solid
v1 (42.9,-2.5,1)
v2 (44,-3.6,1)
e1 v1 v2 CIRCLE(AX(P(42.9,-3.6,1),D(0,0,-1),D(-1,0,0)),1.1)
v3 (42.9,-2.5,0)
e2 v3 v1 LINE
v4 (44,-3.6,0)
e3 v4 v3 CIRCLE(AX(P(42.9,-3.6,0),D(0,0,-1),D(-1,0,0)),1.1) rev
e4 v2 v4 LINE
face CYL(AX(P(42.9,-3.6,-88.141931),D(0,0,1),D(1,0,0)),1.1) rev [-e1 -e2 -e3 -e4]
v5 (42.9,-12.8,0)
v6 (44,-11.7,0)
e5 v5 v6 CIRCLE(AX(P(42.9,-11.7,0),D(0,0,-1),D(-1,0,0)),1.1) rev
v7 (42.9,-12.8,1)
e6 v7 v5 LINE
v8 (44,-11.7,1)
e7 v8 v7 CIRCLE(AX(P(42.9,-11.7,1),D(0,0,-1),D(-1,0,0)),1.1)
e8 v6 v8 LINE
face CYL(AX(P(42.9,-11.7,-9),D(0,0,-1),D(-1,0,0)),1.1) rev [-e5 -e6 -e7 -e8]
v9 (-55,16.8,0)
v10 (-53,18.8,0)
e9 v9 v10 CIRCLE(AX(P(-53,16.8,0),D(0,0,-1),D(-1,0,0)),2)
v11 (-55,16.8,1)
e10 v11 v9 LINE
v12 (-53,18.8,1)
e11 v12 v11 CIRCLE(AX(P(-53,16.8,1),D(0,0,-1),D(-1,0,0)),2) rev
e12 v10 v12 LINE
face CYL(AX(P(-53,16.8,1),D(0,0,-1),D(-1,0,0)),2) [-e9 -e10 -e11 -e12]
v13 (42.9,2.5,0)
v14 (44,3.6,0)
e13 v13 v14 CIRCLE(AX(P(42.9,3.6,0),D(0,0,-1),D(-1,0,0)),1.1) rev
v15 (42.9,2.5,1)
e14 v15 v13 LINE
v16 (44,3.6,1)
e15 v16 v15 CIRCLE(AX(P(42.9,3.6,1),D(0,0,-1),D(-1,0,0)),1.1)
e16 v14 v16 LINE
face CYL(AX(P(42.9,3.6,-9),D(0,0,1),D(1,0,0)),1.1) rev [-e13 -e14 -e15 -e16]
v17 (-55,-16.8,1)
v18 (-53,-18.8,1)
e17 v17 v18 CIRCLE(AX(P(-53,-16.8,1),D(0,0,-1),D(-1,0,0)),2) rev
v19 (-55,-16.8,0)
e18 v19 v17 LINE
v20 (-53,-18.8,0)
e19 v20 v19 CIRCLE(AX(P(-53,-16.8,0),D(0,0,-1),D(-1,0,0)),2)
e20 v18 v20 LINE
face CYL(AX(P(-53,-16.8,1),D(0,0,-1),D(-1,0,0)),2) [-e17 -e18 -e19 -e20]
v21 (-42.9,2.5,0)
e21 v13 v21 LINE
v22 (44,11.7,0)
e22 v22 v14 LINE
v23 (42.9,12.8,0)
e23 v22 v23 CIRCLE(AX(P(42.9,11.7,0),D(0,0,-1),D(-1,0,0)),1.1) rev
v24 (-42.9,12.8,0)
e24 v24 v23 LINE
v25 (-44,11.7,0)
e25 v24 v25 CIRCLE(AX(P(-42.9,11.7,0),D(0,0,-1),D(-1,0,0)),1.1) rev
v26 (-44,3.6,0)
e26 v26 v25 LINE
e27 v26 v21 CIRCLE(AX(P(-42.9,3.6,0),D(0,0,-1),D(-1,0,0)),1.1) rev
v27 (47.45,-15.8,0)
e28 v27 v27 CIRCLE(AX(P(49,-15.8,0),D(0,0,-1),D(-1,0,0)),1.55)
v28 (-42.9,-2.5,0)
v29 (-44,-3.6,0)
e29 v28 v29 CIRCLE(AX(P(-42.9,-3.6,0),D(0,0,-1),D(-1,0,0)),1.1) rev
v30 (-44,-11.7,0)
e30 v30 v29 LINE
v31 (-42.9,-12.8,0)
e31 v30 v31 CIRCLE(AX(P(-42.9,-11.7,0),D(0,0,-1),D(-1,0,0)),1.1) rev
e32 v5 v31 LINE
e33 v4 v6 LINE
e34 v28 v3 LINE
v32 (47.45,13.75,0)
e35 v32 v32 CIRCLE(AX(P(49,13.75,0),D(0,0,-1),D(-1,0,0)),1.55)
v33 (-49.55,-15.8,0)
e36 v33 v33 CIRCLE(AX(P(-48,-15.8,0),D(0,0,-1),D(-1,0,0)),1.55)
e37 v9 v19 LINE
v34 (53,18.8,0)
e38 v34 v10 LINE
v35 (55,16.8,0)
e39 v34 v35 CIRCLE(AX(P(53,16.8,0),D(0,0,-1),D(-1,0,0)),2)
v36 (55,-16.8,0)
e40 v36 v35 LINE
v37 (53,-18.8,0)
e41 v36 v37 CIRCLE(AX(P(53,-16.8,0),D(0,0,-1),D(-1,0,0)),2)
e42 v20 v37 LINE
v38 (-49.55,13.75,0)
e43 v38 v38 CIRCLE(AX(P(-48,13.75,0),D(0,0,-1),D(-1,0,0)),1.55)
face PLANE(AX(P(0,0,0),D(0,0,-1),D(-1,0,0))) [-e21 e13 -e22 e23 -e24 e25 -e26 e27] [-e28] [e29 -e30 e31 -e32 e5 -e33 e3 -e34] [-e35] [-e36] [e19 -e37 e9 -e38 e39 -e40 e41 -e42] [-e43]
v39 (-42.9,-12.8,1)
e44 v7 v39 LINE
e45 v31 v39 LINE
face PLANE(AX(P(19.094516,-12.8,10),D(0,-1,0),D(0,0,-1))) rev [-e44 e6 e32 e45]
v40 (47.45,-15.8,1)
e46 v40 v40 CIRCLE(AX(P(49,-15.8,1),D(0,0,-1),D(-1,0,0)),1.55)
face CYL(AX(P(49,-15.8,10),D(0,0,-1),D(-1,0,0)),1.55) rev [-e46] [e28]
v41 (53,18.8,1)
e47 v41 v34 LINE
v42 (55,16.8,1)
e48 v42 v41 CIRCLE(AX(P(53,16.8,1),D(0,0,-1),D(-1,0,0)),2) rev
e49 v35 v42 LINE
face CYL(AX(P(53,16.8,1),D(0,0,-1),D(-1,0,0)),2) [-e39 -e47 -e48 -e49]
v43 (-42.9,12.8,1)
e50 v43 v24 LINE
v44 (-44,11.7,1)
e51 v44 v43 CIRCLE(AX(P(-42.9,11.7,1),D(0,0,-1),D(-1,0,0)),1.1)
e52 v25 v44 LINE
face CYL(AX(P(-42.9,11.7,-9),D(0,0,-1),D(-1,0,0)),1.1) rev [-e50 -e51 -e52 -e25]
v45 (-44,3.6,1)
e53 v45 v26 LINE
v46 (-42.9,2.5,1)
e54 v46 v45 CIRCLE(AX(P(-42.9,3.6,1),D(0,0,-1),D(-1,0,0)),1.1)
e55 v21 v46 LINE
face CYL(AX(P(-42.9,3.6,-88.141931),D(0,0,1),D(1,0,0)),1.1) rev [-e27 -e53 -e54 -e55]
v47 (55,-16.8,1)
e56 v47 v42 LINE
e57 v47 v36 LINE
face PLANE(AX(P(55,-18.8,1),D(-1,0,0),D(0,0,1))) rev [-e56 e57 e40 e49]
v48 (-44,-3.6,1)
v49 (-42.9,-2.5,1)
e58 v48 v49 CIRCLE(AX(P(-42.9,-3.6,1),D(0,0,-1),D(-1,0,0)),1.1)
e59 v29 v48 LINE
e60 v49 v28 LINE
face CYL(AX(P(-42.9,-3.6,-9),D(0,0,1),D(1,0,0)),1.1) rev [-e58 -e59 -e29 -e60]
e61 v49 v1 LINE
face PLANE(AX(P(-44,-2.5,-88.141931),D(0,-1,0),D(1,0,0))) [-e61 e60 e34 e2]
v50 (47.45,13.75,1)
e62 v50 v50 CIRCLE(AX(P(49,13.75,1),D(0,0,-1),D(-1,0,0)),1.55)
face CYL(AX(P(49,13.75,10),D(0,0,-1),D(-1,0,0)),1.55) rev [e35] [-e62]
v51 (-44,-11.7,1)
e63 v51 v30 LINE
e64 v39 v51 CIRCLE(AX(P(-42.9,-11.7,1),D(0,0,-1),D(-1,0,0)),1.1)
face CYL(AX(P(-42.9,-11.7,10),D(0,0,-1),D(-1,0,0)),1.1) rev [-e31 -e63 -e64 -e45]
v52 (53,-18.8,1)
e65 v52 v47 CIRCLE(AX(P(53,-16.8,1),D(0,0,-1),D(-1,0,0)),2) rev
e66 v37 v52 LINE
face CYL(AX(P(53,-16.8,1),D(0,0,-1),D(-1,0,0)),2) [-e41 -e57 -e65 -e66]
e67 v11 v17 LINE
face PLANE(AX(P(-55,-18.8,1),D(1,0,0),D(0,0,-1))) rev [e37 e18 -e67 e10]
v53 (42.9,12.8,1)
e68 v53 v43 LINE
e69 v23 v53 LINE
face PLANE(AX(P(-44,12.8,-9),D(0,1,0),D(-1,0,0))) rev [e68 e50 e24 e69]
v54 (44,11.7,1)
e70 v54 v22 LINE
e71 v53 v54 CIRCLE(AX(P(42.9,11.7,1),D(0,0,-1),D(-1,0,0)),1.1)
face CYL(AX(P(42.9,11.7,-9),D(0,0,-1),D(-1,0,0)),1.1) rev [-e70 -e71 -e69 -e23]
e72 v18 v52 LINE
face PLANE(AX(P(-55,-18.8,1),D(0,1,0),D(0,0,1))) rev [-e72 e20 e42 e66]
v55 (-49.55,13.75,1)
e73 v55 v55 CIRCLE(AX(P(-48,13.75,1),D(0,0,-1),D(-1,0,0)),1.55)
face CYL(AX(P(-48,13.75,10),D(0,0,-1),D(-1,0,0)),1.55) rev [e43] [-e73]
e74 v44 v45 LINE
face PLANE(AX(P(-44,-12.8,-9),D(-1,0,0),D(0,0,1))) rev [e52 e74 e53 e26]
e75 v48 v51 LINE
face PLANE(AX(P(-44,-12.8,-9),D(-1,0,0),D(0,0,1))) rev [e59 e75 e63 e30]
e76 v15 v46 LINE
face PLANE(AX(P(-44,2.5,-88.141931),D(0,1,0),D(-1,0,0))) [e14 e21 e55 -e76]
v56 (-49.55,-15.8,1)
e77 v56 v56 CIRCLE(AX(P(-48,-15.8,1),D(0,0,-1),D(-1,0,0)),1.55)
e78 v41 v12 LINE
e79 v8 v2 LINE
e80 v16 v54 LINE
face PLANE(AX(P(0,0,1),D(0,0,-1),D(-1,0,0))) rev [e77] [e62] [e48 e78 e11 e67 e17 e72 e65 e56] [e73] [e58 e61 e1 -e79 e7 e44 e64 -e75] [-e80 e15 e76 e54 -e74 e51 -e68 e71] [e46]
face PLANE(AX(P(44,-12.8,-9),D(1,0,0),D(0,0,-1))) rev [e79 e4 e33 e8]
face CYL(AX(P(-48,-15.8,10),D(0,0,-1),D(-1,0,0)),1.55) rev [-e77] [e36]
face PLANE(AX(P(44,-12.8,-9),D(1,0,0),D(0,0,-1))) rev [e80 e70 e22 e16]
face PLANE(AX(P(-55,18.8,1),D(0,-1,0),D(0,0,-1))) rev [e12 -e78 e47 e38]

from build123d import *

# Parameters (mm, degrees)
SKETCH_1_W          = 110
SKETCH_1_H          = 37.6
EXTRUDE_1_DEPTH     = 1
SKETCH_2_R          = 1.55
CUT_EXTRUDE_1_DEPTH = 10
FILLET_1_R          = 2
SKETCH_3_W          = 57.499999899
SKETCH_3_H          = 18
CUT_EXTRUDE_2_DEPTH = 10
SKETCH_4_W          = 2
SKETCH_4_H          = 18
EXTRUDE_2_DEPTH     = 1
FILLET_2_R          = 1.5
SKETCH_5_W          = 88
SKETCH_5_H          = 25.6
CUT_EXTRUDE_3_DEPTH = 10
SKETCH_6_W          = 88
SKETCH_6_H          = 5
EXTRUDE_3_DEPTH     = 1
FILLET_3_R          = 1.1


with BuildPart() as part:
    # 草图1 → 凸台-拉伸1 (new body)
    with BuildSketch(Plane.XY):
        Rectangle(SKETCH_1_W, SKETCH_1_H)
    extrude(amount=EXTRUDE_1_DEPTH)

    # 草图2 → 切除-拉伸1 (cut)
    with BuildSketch(Plane(origin=(0, 0, 0), x_dir=(-1, 0, 0), z_dir=(0, 0, -1))):
        with Locations((48, 13.75)):
            Circle(SKETCH_2_R)
        with Locations((48, -15.8)):
            Circle(SKETCH_2_R)
        with Locations((-49, -15.8)):
            Circle(SKETCH_2_R)
        with Locations((-49, 13.75)):
            Circle(SKETCH_2_R)
    extrude(amount=-CUT_EXTRUDE_1_DEPTH, mode=Mode.SUBTRACT)

    # 圆角1
    fillet_1_edges = [part.edges().sort_by_distance(p)[0] for p in [
        (55, -18.8, 0.5),
        (-55, -18.8, 0.5),
        (-55, 18.8, 0.5),
        (55, 18.8, 0.5),
    ]]
    fillet(fillet_1_edges, radius=FILLET_1_R)

    # 草图3 → 切除-拉伸2 (cut)
    with BuildSketch(Plane(origin=(0, 0, 0), x_dir=(-1, 0, 0), z_dir=(0, 0, -1))):
        with Locations((9.655484107, -3.8)):
            Rectangle(SKETCH_3_W, SKETCH_3_H)
    extrude(amount=-CUT_EXTRUDE_2_DEPTH, mode=Mode.SUBTRACT)

    # 草图4 → 凸台-拉伸2 (add)
    with BuildSketch(Plane(origin=(0, 0, 0), x_dir=(-1, 0, 0), z_dir=(0, 0, -1))):
        with Locations((-10.094515843, -3.8)):
            Rectangle(SKETCH_4_W, SKETCH_4_H)
        with Locations((-0.094515843, -3.8)):
            Rectangle(SKETCH_4_W, SKETCH_4_H)
        with Locations((9.905484157, -3.8)):
            Rectangle(SKETCH_4_W, SKETCH_4_H)
        with Locations((19.905484157, -3.8)):
            Rectangle(SKETCH_4_W, SKETCH_4_H)
        with Locations((29.905484157, -3.8)):
            Rectangle(SKETCH_4_W, SKETCH_4_H)
    extrude(amount=-EXTRUDE_2_DEPTH)

    # 圆角2
    fillet_2_edges = [part.edges().sort_by_distance(p)[0] for p in [
        (-8.905484157, -12.8, 0.5),
        (-8.905484157, 5.2, 0.5),
        (-10.905484157, 5.2, 0.5),
        (-10.905484157, -12.8, 0.5),
        (-18.905484157, -12.8, 0.5),
        (-18.905484157, 5.2, 0.5),
        (-20.905484157, 5.2, 0.5),
        (-20.905484157, -12.8, 0.5),
        (-28.905484157, -12.8, 0.5),
        (-28.905484157, 5.2, 0.5),
        (-30.905484157, 5.2, 0.5),
        (-30.905484157, -12.8, 0.5),
        (-38.405484056, 5.2, 0.5),
        (-38.405484056, -12.8, 0.5),
        (19.094515843, -12.8, 0.5),
        (19.094515843, 5.2, 0.5),
        (11.094515843, 5.2, 0.5),
        (9.094515843, 5.2, 0.5),
        (9.094515843, -12.8, 0.5),
        (11.094515843, -12.8, 0.5),
        (1.094515843, -12.8, 0.5),
        (1.094515843, 5.2, 0.5),
        (-0.905484157, 5.2, 0.5),
        (-0.905484157, -12.8, 0.5),
    ]]
    fillet(fillet_2_edges, radius=FILLET_2_R)

    # 草图5 → 切除-拉伸3 (cut)
    with BuildSketch(Plane.XY.offset(1)):
        Rectangle(SKETCH_5_W, SKETCH_5_H)
    extrude(amount=-CUT_EXTRUDE_3_DEPTH, mode=Mode.SUBTRACT)

    # 草图6 → 凸台-拉伸3 (add)
    with BuildSketch(Plane.XY.offset(1)):
        Rectangle(SKETCH_6_W, SKETCH_6_H)
    extrude(amount=-EXTRUDE_3_DEPTH)

    # 圆角3
    fillet_3_edges = [part.edges().sort_by_distance(p)[0] for p in [
        (44, -12.8, 0.5),
        (44, 12.8, 0.5),
        (-44, -12.8, 0.5),
        (-44, 12.8, 0.5),
        (-44, 2.5, 0.5),
        (-44, -2.5, 0.5),
        (44, -2.5, 0.5),
        (44, 2.5, 0.5),
    ]]
    fillet(fillet_3_edges, radius=FILLET_3_R)


solid = part.part
